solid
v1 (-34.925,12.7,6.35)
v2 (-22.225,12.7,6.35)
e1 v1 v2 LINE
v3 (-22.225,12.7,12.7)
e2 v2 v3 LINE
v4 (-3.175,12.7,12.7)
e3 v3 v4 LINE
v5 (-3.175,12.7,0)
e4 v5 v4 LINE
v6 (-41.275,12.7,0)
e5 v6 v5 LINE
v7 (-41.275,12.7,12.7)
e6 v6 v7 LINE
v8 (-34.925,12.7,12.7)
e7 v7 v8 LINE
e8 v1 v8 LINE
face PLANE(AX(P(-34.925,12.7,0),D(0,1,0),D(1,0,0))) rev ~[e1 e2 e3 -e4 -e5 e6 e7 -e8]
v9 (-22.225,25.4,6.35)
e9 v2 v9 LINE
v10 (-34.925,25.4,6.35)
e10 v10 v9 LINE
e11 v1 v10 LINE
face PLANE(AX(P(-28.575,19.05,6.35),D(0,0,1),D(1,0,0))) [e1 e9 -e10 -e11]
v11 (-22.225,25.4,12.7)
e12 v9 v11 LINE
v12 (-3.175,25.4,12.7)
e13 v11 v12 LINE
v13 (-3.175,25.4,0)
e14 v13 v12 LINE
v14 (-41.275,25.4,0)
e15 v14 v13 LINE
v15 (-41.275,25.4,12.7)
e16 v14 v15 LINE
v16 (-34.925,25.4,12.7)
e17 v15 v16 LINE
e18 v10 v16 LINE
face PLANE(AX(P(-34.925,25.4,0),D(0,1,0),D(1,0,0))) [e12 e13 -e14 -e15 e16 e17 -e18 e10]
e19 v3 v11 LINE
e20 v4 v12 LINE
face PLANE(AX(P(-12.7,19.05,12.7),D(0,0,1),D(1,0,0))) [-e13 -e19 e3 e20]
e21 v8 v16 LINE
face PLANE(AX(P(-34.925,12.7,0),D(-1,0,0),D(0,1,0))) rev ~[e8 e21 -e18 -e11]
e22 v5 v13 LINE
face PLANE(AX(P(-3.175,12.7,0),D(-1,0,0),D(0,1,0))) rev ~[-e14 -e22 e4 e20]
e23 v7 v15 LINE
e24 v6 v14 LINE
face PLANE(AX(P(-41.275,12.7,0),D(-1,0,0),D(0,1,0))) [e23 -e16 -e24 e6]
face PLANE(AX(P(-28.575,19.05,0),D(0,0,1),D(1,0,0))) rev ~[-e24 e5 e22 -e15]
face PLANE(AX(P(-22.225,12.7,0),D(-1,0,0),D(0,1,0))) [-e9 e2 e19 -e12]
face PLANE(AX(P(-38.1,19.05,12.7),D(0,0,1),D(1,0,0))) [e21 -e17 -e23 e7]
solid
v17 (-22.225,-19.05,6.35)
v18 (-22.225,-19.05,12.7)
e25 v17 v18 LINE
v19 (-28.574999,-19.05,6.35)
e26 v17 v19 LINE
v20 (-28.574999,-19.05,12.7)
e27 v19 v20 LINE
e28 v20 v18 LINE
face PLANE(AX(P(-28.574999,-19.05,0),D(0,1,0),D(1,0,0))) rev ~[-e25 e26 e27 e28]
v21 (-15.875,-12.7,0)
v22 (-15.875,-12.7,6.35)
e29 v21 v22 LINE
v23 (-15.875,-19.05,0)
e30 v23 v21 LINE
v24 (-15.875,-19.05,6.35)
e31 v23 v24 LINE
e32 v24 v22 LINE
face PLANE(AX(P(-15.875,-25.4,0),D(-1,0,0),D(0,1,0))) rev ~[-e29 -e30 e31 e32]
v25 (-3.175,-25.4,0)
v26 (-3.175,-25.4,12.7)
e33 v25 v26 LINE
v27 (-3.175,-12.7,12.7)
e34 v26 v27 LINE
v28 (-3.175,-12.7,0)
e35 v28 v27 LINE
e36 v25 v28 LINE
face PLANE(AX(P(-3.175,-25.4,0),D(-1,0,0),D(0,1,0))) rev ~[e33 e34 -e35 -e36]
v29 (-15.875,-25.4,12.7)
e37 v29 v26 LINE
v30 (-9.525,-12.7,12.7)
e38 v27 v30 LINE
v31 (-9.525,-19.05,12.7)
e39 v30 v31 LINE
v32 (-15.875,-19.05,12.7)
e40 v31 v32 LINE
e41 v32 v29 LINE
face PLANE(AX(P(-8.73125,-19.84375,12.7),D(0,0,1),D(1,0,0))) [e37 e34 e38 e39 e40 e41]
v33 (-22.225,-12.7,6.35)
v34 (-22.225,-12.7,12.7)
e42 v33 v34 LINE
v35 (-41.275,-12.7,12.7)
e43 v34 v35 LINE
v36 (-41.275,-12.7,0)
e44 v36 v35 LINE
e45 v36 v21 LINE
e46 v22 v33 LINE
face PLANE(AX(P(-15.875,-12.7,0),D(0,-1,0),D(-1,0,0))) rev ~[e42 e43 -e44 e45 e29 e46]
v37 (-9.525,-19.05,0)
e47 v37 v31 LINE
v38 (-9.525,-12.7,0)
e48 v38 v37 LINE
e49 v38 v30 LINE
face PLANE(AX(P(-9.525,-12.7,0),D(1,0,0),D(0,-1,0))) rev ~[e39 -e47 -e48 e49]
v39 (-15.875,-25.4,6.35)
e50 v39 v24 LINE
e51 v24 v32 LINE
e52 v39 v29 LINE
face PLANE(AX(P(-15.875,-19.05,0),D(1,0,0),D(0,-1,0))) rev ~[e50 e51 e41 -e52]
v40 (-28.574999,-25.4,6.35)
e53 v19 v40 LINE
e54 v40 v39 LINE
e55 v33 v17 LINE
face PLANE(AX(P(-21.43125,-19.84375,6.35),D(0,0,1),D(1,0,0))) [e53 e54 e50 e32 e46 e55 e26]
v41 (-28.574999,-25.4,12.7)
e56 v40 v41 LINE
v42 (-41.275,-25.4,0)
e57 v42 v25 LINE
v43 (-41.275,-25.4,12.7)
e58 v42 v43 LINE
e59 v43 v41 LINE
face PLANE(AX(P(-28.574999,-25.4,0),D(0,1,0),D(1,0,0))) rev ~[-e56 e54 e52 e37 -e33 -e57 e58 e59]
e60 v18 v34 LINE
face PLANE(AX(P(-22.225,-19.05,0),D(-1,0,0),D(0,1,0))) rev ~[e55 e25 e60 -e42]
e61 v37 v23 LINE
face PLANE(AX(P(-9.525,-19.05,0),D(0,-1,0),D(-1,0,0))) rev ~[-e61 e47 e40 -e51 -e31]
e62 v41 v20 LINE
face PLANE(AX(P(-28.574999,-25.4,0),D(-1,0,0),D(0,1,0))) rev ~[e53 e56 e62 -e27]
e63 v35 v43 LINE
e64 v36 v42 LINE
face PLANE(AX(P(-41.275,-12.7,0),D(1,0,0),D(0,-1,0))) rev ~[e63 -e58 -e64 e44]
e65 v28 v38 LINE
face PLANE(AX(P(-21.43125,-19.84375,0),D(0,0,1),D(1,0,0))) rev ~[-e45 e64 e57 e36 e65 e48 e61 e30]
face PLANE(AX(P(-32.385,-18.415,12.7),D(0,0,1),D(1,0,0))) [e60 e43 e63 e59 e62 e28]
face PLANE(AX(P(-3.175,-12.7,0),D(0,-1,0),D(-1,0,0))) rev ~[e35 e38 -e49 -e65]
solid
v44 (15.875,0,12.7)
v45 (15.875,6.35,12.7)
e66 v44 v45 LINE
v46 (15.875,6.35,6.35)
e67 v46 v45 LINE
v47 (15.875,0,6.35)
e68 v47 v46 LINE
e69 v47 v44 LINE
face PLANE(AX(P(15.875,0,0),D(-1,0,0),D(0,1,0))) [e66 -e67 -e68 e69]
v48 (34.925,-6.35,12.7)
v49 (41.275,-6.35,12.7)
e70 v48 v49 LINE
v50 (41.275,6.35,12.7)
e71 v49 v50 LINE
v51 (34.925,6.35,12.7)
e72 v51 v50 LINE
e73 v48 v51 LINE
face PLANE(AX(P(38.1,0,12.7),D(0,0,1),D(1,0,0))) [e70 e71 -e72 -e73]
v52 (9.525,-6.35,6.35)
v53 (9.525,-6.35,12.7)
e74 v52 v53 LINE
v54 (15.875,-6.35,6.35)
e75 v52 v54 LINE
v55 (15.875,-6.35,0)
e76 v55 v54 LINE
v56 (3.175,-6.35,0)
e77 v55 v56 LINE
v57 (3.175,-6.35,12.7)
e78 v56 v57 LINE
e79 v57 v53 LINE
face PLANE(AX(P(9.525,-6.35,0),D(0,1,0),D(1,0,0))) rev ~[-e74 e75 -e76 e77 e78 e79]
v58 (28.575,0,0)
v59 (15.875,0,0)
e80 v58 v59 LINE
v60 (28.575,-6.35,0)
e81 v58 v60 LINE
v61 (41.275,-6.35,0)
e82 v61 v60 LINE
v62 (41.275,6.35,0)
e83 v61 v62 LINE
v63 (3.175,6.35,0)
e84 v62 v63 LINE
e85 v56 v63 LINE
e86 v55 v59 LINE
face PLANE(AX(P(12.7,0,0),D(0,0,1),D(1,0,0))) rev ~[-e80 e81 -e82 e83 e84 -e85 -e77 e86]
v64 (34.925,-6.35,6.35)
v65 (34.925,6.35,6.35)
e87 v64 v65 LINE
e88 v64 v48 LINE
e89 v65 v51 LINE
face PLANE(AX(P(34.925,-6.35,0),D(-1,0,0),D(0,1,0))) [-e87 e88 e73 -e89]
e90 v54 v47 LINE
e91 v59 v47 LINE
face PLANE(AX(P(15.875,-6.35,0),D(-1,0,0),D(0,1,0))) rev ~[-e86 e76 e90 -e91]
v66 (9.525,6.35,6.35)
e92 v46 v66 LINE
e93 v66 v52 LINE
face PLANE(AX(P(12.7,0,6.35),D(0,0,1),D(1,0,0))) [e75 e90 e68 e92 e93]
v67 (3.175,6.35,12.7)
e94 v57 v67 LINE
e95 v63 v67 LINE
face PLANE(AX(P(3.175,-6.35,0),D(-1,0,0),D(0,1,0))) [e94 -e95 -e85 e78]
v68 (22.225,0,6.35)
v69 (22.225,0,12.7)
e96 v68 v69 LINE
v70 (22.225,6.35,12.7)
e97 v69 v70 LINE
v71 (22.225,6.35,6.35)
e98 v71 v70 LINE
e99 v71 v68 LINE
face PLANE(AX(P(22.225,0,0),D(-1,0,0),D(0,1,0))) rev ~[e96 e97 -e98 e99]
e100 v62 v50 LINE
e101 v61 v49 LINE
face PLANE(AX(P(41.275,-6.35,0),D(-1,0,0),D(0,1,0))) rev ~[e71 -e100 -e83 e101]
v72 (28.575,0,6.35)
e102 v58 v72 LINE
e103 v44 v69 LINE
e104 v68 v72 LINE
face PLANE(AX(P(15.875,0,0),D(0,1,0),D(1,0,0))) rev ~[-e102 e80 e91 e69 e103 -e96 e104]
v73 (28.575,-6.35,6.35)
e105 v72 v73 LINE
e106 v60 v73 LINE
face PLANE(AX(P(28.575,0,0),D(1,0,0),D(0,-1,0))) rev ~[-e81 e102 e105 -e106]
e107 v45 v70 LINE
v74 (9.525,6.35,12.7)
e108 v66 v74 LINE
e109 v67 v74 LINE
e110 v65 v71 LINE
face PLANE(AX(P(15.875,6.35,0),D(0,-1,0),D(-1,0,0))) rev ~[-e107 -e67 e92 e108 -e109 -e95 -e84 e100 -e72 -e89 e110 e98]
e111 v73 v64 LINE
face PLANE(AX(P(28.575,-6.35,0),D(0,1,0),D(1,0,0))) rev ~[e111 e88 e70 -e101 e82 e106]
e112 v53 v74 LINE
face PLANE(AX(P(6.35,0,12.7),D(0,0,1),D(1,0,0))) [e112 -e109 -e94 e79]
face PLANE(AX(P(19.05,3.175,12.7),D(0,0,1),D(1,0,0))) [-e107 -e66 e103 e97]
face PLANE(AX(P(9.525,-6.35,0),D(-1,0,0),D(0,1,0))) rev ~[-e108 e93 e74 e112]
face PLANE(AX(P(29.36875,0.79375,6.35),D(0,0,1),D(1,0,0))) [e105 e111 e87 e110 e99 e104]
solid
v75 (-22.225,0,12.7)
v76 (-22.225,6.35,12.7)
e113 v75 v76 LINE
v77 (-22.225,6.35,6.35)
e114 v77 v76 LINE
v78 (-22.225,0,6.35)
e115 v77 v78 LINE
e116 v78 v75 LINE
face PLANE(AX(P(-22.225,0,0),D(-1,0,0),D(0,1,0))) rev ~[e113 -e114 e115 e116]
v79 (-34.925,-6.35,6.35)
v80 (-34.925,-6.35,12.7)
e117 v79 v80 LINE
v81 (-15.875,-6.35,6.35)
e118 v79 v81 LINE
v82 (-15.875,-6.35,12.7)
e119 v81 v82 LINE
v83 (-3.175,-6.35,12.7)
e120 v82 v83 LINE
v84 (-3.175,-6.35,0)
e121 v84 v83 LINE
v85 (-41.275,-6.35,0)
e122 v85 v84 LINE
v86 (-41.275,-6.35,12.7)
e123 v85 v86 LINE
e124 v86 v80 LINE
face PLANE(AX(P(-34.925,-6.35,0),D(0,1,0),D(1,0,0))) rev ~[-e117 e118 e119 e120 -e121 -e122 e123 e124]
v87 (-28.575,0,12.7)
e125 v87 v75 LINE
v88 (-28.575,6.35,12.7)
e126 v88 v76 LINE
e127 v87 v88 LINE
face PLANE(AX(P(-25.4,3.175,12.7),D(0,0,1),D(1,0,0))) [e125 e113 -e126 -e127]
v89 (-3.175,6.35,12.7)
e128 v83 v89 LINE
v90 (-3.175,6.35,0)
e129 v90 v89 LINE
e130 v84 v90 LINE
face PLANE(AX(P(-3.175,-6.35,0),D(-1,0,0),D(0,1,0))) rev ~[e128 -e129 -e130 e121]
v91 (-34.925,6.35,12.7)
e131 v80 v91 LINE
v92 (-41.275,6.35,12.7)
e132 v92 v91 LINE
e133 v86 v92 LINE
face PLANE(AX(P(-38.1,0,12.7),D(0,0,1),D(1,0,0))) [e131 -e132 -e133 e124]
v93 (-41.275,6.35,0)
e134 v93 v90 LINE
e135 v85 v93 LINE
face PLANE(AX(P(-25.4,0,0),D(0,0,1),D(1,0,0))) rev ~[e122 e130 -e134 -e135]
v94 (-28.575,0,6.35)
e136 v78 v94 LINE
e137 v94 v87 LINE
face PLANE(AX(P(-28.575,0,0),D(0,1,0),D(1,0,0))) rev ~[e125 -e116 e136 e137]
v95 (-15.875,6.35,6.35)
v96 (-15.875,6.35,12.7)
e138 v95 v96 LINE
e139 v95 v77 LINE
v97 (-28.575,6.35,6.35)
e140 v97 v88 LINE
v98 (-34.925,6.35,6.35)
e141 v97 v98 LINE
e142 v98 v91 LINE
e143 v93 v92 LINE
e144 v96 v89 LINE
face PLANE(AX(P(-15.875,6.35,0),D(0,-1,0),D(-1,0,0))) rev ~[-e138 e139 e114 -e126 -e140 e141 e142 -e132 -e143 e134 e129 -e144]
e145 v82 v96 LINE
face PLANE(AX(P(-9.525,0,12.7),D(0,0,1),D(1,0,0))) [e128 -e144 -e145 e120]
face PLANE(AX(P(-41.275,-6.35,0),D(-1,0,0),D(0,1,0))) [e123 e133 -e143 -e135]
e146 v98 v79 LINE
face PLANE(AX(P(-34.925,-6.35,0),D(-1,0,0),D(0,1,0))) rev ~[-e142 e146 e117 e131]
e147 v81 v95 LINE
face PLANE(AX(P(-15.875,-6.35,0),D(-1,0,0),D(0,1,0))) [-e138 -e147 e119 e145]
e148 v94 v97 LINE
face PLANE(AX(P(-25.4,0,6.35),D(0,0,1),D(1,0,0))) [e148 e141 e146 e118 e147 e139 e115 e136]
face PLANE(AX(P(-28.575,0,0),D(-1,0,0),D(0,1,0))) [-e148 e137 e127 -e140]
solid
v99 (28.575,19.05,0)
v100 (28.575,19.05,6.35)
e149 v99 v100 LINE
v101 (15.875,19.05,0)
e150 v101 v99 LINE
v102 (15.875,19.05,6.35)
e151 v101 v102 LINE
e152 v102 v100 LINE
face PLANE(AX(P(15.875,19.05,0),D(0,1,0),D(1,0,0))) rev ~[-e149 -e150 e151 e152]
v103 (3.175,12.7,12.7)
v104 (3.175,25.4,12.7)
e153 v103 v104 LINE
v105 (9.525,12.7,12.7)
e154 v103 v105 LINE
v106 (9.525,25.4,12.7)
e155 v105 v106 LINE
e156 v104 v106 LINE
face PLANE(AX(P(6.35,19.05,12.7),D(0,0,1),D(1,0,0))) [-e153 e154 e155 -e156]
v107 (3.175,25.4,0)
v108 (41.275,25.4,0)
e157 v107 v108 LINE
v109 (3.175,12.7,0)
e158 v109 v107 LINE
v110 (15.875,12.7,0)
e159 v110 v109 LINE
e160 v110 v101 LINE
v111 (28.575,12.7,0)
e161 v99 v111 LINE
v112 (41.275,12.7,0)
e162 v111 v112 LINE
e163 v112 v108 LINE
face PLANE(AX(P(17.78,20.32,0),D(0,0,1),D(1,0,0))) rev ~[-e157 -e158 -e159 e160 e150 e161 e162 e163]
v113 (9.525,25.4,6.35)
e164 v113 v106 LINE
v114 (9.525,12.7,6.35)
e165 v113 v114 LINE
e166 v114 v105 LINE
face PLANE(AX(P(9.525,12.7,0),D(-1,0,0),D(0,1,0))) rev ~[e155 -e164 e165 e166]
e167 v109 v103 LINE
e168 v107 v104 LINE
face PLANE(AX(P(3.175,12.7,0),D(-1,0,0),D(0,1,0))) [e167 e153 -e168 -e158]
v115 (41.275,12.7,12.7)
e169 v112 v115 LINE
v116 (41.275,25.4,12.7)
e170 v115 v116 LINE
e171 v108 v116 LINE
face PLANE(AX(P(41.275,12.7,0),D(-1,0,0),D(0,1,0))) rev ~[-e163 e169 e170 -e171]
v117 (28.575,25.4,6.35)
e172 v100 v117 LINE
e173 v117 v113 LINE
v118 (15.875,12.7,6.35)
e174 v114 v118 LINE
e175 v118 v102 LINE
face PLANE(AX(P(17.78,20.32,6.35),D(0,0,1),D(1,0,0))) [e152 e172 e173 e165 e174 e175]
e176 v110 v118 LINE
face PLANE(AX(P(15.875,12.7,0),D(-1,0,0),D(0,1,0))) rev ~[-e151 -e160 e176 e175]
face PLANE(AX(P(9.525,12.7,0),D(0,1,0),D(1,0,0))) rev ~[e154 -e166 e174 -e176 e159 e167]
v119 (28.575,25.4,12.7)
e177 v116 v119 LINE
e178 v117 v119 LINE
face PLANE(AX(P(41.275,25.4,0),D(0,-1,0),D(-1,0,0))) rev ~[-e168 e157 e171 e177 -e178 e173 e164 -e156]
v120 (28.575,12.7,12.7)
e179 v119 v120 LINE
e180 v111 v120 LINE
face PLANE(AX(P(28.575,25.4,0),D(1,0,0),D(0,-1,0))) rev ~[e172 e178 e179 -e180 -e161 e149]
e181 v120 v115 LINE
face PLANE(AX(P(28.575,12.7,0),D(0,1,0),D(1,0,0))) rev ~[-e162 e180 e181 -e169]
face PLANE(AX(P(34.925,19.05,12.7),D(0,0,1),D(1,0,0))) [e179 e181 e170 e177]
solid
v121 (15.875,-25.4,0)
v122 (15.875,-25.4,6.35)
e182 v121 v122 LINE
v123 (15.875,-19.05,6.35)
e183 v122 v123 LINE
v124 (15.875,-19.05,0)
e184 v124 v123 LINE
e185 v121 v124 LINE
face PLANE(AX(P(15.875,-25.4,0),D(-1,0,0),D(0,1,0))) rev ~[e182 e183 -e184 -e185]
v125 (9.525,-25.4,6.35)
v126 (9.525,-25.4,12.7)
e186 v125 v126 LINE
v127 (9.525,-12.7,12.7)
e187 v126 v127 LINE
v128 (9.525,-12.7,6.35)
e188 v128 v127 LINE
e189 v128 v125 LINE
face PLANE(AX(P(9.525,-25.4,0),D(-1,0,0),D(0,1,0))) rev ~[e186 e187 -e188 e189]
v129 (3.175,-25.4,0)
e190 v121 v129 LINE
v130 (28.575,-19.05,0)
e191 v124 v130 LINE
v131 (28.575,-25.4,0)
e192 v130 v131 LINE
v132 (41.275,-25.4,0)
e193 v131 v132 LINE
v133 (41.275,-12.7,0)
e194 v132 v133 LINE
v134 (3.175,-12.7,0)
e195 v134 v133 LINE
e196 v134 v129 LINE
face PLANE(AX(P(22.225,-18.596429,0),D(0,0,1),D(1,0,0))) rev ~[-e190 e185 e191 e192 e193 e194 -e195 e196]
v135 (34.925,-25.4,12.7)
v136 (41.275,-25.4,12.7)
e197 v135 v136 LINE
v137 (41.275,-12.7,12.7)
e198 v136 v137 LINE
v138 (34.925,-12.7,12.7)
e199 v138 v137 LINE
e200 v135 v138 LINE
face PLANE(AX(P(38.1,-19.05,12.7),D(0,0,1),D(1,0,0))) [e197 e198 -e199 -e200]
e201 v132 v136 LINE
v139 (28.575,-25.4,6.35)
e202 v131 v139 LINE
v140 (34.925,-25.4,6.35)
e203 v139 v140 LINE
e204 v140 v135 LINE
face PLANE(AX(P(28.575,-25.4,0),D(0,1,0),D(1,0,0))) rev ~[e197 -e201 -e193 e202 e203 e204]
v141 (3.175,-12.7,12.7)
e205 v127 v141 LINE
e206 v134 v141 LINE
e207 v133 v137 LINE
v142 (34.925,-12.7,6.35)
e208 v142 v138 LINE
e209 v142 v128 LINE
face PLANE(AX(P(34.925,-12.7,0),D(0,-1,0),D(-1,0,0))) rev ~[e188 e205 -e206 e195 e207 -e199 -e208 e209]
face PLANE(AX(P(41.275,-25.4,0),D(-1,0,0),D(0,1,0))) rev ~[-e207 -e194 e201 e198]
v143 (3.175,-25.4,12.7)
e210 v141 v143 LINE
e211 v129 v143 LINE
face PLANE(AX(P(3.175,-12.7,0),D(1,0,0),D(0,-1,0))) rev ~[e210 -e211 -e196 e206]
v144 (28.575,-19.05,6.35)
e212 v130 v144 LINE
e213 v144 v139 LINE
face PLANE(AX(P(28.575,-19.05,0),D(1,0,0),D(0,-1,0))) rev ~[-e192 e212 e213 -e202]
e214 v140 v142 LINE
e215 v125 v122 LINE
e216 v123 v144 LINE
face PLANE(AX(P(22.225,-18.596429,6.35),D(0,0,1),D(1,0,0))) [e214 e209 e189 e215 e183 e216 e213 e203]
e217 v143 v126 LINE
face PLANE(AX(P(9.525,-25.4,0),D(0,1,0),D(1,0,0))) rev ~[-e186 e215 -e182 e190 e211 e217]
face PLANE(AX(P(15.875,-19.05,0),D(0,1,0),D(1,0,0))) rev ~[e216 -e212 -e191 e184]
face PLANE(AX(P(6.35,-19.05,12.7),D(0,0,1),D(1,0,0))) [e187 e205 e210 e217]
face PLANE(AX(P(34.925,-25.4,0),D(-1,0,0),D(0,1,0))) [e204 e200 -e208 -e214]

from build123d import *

# Parameters (mm, degrees)
F0_W     = 6.35
F0_H     = 12.7
F1_DEPTH = 12.7
F0_W_2   = 19.05
F0_W_3   = 12.7
F0_W_4   = 6.3499998555
F0_H_2   = 6.35
F2_DEPTH = 6.35


with BuildPart() as f1:
    # F0 (on Top) → F1 (new body)
    with BuildSketch(Plane.XY):
        with Locations((-38.1, 19.05)):
            Rectangle(F0_W, F0_H)
    extrude(amount=F1_DEPTH)



with BuildPart() as f1b:
    # F0 (on Top) → F1, piece 2 (new body)
    with BuildSketch(Plane.XY):
        with Locations((-12.7, 19.05)):
            Rectangle(F0_W_2, F0_H)
    extrude(amount=F1_DEPTH)


with BuildPart() as f1c:
    # F0 (on Top) → F1, piece 3 (new body)
    with BuildSketch(Plane.XY):
        with Locations((-38.1, 0)):
            Rectangle(F0_W, F0_H)
    extrude(amount=F1_DEPTH)



with BuildPart() as f1d:
    # F0 (on Top) → F1, piece 4 (new body)
    with BuildSketch(Plane.XY):
        with Locations((-9.525, 0)):
            Rectangle(F0_W_3, F0_H)
    extrude(amount=F1_DEPTH)


with BuildPart() as f1e:
    # F0 (on Top) → F1, piece 5 (new body)
    with BuildSketch(Plane.XY):
        with Locations((-25.3999999277, 3.175)):
            Rectangle(F0_W_4, F0_H_2)
    extrude(amount=F1_DEPTH)


with BuildPart() as f1f:
    # F0 (on Top) → F1, piece 6 (new body)
    with BuildSketch(Plane.XY):
        Polygon((-41.275, -12.7), (-41.275, -25.4), (-28.5749994218, -25.4), (-28.5749994218, -19.05), (-22.225, -19.05), (-22.225, -12.7), align=None)
    extrude(amount=F1_DEPTH)



with BuildPart() as f1g:
    # F0 (on Top) → F1, piece 7 (new body)
    with BuildSketch(Plane.XY):
        Polygon((-15.875, -19.05), (-15.875, -25.4), (-3.175, -25.4), (-3.175, -12.7), (-9.525, -12.7), (-9.525, -19.05), align=None)
    extrude(amount=F1_DEPTH)


with BuildPart() as f1h:
    # F0 (on Top) → F1, piece 8 (new body)
    with BuildSketch(Plane.XY):
        Polygon((28.575, 12.7), (41.275, 12.7), (41.275, 25.4), (28.575, 25.4), (28.575, 19.05), align=None)
    extrude(amount=F1_DEPTH)



with BuildPart() as f1i:
    # F0 (on Top) → F1, piece 9 (new body)
    with BuildSketch(Plane.XY):
        with Locations((6.35, 19.05)):
            Rectangle(F0_W, F0_H)
    extrude(amount=F1_DEPTH)


with BuildPart() as f1j:
    # F0 (on Top) → F1, piece 10 (new body)
    with BuildSketch(Plane.XY):
        with Locations((6.35, 0)):
            Rectangle(F0_W, F0_H)
    extrude(amount=F1_DEPTH)



with BuildPart() as f1k:
    # F0 (on Top) → F1, piece 11 (new body)
    with BuildSketch(Plane.XY):
        with Locations((19.05, 3.175)):
            Rectangle(F0_W, F0_H_2)
    extrude(amount=F1_DEPTH)


with BuildPart() as f1l:
    # F0 (on Top) → F1, piece 12 (new body)
    with BuildSketch(Plane.XY):
        with Locations((38.1, 0)):
            Rectangle(F0_W, F0_H)
    extrude(amount=F1_DEPTH)


with BuildPart() as f1m:
    # F0 (on Top) → F1, piece 13 (new body)
    with BuildSketch(Plane.XY):
        with Locations((38.1, -19.05)):
            Rectangle(F0_W, F0_H)
    extrude(amount=F1_DEPTH)



with BuildPart() as f1n:
    # F0 (on Top) → F1, piece 14 (new body)
    with BuildSketch(Plane.XY):
        Polygon((9.525, -19.05), (9.525, -12.7), (3.175, -12.7), (3.175, -25.4), (9.525, -25.4), align=None)
    extrude(amount=F1_DEPTH)


with BuildPart() as f1m_1:
    add(f1m.part)

    add(f1n.part)  # F2 merges F1n
    # F0 (on Top) → F2 (join)
    with BuildSketch(Plane.XY):
        Polygon((28.575, -25.4), (34.925, -25.4), (34.925, -12.7), (9.525, -12.7), (9.525, -19.05), (9.525, -25.4), (15.875, -25.4), (15.875, -19.05), (28.575, -19.05), align=None)
    extrude(amount=F2_DEPTH)


with BuildPart() as f1f_1:
    add(f1f.part)

    add(f1g.part)  # F2#2 merges F1g
    # F0 (on Top) → F2, piece 2 (join)
    with BuildSketch(Plane.XY):
        Polygon((-28.5749994218, -19.05), (-28.5749994218, -25.4), (-15.875, -25.4), (-15.875, -19.05), (-15.875, -12.7), (-22.225, -12.7), (-22.225, -19.05), align=None)
    extrude(amount=F2_DEPTH)


with BuildPart() as f1_1:
    add(f1.part)

    add(f1b.part)  # F2#3 merges F1b
    # F0 (on Top) → F2, piece 3 (join)
    with BuildSketch(Plane.XY):
        with Locations((-28.575, 19.05)):
            Rectangle(F0_W_3, F0_H)
    extrude(amount=F2_DEPTH)


with BuildPart() as f1j_1:
    add(f1j.part)

    add(f1k.part)  # F2#4 merges F1k

    add(f1l.part)  # F2#4 merges F1l
    # F0 (on Top) → F2, piece 4 (join)
    with BuildSketch(Plane.XY):
        Polygon((15.875, 6.35), (9.525, 6.35), (9.525, -6.35), (15.875, -6.35), (15.875, 0), align=None)
        Polygon((34.925, 6.35), (22.225, 6.35), (22.225, 0), (28.575, 0), (28.575, -6.35), (34.925, -6.35), align=None)
    extrude(amount=F2_DEPTH)


with BuildPart() as f1h_1:
    add(f1h.part)

    add(f1i.part)  # F2#5 merges F1i
    # F0 (on Top) → F2, piece 5 (join)
    with BuildSketch(Plane.XY):
        Polygon((15.875, 19.05), (28.575, 19.05), (28.575, 25.4), (9.525, 25.4), (9.525, 12.7), (15.875, 12.7), align=None)
    extrude(amount=F2_DEPTH)


with BuildPart() as f1c_1:
    add(f1c.part)

    add(f1d.part)  # F2#6 merges F1d

    add(f1e.part)  # F2#6 merges F1e
    # F0 (on Top) → F2, piece 6 (join)
    with BuildSketch(Plane.XY):
        Polygon((-34.925, 6.35), (-34.925, -6.35), (-15.875, -6.35), (-15.875, 6.35), (-22.225, 6.35), (-22.225, 0), (-28.5749997109, 0), (-28.5749998555, 6.35), align=None)
    extrude(amount=F2_DEPTH)


solid = Compound([f1m_1.part, f1f_1.part, f1_1.part, f1j_1.part, f1h_1.part, f1c_1.part])
